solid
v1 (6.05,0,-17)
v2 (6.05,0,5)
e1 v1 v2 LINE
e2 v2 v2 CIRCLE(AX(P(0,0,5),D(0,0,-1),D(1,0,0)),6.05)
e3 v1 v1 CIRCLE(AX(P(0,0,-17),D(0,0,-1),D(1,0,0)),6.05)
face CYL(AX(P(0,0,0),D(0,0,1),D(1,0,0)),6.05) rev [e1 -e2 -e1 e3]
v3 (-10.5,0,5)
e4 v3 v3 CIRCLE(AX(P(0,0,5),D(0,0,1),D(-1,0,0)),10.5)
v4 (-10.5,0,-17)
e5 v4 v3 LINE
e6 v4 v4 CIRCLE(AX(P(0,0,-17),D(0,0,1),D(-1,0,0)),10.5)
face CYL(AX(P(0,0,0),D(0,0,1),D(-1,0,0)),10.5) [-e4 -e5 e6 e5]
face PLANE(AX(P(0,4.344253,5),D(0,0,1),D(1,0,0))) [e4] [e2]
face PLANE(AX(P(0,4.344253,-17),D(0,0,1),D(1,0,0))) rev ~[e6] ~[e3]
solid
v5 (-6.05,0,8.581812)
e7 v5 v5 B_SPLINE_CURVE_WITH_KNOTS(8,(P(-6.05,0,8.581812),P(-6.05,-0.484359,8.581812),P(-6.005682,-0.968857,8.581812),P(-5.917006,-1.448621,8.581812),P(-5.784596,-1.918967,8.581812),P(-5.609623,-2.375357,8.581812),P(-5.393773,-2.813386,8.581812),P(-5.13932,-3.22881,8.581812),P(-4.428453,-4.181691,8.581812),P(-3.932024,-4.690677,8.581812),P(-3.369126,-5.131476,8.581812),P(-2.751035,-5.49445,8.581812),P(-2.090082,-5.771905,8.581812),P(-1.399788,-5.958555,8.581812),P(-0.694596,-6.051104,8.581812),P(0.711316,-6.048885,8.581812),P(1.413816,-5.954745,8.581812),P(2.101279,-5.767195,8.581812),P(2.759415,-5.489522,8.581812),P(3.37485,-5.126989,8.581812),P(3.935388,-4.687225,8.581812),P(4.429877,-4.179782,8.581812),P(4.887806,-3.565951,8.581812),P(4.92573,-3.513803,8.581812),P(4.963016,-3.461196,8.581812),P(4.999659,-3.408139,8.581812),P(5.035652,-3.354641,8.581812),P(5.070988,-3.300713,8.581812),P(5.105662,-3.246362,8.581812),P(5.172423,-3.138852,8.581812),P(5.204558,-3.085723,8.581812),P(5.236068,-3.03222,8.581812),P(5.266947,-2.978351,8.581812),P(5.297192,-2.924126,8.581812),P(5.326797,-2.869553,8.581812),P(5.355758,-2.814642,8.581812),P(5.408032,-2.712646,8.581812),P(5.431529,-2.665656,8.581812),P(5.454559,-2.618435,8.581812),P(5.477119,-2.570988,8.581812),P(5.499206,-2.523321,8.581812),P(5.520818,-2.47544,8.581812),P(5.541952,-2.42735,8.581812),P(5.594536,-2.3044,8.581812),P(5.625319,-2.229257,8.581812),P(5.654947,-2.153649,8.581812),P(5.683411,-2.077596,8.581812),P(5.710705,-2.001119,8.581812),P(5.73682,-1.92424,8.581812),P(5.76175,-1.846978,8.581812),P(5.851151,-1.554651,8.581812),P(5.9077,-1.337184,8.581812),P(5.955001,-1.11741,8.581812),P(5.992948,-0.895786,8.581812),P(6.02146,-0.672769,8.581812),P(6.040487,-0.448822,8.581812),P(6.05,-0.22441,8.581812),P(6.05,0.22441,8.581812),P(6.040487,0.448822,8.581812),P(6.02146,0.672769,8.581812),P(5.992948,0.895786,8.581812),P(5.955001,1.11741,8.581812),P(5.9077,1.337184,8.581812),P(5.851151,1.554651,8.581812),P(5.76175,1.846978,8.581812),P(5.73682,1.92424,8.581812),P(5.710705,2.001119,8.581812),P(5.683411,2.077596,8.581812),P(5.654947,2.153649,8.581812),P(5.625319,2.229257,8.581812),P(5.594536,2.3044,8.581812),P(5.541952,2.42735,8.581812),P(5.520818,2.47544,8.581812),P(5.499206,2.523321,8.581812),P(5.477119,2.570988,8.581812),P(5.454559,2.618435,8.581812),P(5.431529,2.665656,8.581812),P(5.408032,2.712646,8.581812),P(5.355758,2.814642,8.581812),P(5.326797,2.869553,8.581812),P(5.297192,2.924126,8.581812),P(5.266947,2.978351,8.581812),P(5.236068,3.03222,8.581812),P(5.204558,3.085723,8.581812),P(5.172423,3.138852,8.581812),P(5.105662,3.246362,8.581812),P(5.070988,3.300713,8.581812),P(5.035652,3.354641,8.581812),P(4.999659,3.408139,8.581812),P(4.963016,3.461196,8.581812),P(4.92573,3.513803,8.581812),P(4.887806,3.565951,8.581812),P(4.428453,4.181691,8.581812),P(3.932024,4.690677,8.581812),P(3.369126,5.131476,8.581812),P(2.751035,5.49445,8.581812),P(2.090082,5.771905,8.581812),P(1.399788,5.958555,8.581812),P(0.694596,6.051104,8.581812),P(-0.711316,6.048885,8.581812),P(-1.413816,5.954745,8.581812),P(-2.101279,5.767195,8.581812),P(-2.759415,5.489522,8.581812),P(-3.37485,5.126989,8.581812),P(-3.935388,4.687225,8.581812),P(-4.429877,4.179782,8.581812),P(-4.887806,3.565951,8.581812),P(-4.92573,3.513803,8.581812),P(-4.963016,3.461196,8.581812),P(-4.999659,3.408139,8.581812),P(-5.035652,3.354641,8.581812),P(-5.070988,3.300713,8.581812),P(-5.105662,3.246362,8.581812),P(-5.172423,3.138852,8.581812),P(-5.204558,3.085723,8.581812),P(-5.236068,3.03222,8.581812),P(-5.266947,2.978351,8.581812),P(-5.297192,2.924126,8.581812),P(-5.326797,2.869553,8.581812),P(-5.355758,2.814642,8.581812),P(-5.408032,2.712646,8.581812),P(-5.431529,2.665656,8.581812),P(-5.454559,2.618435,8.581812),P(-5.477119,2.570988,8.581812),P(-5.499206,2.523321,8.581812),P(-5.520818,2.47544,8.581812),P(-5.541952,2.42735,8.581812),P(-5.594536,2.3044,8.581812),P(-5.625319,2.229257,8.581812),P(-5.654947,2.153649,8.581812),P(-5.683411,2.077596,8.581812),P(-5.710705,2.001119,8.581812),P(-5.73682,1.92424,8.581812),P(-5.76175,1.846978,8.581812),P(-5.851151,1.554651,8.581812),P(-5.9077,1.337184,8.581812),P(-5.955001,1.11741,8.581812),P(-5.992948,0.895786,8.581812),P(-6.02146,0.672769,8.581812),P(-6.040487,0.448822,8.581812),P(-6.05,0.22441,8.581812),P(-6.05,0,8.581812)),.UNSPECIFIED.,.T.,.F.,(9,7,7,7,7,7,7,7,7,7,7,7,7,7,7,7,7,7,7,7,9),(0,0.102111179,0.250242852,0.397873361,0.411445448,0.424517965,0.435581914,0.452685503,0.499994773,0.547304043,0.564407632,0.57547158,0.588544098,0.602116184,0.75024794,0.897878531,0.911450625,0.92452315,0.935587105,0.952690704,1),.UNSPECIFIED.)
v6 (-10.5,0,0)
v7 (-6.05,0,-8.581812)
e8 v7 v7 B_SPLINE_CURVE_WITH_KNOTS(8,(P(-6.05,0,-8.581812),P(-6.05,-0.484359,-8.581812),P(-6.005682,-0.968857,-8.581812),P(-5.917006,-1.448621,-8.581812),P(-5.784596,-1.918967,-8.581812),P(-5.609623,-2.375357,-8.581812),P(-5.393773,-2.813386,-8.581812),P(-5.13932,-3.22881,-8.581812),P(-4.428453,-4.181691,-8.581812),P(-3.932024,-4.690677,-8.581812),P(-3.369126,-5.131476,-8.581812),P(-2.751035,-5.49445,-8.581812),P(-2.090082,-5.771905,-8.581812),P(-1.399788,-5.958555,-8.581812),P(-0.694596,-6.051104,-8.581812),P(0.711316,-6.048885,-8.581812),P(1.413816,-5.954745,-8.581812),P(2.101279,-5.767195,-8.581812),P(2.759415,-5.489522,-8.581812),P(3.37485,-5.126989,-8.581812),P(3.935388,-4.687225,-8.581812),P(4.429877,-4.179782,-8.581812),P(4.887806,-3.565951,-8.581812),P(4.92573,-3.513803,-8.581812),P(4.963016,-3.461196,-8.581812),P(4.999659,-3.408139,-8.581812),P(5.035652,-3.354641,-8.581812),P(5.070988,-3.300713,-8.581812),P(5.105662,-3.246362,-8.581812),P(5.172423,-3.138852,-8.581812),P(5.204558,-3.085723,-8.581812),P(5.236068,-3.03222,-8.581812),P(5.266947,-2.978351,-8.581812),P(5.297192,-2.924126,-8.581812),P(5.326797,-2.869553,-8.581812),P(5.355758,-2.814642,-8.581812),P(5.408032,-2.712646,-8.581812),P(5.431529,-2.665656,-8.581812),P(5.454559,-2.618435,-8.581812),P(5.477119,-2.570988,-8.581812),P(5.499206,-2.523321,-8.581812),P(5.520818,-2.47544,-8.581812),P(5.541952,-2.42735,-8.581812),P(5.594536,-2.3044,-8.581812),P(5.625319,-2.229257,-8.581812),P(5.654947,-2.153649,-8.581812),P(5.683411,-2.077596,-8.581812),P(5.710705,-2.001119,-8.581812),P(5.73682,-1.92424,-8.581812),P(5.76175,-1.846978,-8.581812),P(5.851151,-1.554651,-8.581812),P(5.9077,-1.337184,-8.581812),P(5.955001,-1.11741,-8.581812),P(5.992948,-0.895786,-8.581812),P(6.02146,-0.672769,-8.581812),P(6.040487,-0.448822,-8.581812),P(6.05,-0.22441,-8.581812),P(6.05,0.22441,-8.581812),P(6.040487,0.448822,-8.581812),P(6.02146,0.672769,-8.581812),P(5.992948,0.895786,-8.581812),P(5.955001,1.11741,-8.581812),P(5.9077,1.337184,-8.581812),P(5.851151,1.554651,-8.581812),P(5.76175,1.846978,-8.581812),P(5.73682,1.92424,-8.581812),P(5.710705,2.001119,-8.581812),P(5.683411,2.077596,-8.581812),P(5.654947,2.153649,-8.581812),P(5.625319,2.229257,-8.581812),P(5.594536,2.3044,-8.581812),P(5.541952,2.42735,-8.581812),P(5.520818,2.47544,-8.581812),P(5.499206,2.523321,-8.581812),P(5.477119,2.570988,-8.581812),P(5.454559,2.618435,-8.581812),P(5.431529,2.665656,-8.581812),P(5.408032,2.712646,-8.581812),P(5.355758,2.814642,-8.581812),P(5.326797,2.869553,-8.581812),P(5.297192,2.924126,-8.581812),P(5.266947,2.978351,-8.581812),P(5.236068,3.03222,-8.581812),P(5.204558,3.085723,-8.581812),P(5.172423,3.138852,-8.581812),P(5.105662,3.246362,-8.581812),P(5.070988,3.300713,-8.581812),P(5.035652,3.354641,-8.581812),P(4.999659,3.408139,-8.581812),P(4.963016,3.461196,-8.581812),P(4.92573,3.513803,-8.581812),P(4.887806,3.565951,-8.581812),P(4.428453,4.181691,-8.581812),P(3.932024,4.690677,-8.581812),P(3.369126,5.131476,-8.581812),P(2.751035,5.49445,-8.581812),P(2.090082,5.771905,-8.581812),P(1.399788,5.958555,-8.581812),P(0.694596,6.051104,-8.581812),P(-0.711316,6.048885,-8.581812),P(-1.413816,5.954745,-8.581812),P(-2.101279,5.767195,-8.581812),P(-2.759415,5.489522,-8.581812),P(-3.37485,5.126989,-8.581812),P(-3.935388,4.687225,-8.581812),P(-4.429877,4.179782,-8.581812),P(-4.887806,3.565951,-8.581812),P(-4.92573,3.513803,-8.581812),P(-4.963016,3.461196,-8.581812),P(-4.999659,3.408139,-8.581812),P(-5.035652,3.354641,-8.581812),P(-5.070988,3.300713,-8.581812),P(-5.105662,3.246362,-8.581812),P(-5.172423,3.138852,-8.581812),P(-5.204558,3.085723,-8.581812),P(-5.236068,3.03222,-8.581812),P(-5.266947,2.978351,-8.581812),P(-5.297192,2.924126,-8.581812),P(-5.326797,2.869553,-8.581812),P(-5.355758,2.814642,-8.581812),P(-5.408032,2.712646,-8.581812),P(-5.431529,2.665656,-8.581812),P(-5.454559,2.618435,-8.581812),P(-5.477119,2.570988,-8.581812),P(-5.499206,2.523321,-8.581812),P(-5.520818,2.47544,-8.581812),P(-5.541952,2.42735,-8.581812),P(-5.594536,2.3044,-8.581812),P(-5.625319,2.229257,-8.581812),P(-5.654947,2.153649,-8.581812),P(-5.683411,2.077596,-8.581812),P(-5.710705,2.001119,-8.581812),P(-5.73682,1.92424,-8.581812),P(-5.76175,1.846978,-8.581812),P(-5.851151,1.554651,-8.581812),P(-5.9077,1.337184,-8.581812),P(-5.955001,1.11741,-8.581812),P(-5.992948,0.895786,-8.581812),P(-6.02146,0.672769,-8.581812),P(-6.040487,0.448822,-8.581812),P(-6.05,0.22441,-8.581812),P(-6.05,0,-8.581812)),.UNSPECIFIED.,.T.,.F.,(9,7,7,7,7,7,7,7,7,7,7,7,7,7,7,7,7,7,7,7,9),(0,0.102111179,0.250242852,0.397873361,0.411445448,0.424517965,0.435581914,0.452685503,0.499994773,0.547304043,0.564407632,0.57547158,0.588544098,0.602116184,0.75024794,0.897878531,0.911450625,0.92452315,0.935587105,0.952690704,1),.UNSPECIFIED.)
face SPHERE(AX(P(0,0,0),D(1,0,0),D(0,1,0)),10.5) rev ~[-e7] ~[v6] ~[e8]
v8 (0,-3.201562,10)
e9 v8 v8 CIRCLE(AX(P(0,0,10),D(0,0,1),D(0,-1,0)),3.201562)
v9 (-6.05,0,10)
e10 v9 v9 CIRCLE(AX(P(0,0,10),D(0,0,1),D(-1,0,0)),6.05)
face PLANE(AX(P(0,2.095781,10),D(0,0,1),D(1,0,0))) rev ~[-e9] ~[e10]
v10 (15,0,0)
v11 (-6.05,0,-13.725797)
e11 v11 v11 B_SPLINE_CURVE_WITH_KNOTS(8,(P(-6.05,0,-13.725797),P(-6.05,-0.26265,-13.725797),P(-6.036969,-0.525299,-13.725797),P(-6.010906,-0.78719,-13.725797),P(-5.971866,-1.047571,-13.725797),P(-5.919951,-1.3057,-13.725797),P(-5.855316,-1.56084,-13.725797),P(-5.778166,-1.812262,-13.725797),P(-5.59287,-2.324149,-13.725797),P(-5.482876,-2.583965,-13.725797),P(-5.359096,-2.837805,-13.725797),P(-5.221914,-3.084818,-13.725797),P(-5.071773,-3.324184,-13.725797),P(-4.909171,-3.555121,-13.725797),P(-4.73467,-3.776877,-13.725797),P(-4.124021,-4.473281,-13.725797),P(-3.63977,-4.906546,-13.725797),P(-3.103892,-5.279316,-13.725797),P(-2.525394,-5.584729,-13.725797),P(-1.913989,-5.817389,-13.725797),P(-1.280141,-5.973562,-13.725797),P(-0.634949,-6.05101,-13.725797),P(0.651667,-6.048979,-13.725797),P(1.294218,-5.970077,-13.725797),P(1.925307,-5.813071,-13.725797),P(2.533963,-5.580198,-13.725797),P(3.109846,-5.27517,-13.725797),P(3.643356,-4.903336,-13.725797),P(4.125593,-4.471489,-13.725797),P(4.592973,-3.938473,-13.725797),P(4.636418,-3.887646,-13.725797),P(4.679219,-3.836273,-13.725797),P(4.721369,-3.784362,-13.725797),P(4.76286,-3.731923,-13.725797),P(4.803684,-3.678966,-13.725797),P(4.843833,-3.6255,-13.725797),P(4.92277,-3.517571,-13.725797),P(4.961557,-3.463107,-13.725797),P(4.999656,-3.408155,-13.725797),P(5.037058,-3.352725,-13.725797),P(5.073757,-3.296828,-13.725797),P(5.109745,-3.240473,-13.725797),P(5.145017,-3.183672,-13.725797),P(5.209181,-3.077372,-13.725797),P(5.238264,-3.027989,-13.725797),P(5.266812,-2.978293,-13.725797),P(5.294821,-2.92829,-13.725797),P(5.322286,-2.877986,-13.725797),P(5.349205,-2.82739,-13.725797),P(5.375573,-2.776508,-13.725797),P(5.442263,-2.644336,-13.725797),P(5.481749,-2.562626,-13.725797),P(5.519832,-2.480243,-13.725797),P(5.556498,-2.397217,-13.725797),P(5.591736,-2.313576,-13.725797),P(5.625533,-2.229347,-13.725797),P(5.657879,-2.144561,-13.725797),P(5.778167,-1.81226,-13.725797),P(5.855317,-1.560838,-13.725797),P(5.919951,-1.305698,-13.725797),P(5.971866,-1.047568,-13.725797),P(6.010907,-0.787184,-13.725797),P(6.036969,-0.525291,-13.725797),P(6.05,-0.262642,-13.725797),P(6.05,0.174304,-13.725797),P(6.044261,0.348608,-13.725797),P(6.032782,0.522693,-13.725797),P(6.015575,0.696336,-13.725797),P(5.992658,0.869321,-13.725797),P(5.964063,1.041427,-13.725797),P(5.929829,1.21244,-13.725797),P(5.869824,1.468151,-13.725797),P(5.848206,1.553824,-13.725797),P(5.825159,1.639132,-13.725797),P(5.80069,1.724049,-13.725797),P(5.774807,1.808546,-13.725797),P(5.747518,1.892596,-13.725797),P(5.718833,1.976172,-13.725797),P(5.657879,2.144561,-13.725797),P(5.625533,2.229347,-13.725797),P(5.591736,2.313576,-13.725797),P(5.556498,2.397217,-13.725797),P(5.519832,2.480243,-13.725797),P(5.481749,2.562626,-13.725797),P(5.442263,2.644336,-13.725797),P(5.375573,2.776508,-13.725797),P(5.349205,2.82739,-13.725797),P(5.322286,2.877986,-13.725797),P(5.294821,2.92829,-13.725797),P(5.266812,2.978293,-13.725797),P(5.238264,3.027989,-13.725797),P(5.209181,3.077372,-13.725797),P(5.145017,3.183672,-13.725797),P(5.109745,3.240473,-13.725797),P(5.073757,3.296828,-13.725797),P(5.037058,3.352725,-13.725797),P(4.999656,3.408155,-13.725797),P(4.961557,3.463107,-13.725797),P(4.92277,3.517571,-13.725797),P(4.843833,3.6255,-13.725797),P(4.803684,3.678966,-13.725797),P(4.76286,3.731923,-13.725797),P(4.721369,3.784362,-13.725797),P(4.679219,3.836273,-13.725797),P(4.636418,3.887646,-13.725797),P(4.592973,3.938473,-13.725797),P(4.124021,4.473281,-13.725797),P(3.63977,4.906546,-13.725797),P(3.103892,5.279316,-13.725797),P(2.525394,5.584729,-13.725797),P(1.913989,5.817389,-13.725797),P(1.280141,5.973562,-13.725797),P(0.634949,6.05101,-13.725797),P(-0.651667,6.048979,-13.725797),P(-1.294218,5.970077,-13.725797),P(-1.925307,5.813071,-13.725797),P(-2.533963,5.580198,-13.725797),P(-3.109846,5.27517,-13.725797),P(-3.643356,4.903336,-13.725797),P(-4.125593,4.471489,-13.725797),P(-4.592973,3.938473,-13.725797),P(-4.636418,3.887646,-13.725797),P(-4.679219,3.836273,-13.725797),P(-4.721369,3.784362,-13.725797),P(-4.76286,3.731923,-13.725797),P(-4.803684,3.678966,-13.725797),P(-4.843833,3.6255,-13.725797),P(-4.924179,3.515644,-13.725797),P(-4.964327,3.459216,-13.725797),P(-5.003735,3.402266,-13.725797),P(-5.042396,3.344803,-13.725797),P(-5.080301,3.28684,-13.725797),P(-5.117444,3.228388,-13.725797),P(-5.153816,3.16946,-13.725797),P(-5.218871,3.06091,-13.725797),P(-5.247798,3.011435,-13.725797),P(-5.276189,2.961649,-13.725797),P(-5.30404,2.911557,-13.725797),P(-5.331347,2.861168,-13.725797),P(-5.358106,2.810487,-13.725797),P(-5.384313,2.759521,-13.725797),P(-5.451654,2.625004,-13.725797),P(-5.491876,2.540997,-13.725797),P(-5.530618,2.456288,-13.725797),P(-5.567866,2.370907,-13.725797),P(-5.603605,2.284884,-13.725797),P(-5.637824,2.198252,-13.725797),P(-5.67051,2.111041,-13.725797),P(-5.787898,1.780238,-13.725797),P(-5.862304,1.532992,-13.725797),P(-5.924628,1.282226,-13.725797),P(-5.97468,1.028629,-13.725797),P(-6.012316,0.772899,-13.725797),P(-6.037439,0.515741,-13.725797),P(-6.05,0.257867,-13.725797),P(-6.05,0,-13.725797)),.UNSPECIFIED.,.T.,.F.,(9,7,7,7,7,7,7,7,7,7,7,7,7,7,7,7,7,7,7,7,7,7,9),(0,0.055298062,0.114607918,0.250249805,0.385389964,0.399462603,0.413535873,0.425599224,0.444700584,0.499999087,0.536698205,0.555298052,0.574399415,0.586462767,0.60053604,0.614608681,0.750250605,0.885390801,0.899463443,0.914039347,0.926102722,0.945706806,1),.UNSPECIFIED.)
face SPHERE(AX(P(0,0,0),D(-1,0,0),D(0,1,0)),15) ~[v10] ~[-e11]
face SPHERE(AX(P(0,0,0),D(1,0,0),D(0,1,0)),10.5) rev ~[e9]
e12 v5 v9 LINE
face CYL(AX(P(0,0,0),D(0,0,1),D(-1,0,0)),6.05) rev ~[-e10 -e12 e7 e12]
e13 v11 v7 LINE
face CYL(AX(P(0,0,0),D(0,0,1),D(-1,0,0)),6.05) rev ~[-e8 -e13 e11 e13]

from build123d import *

# Parameters (mm, degrees)
F1_DEPTH      = 5
F1_DEPTH_BACK = 17
F2_DEPTH      = 10
F2_DEPTH_BACK = 25


with BuildPart() as f1:
    # F0 (on Top) → F1 (new body, two sides)
    with BuildSketch(Plane.XY) as f1_sk:
        with BuildLine():
            Line((6.05, 0), (10.5, 0))
            ThreePointArc((10.5, 0), (0, 10.5), (-10.5, 0))
            Line((-10.5, 0), (-6.05, 0))
            ThreePointArc((-6.05, 0), (0, 6.05), (6.05, 0))
        make_face()
        with BuildLine():
            ThreePointArc((-10.5, 0), (0, -10.5), (10.5, 0))
            Line((10.5, 0), (6.05, 0))
            ThreePointArc((6.05, 0), (0, -6.05), (-6.05, 0))
            Line((-6.05, 0), (-10.5, 0))
        make_face()
    extrude(amount=F1_DEPTH)
    extrude(f1_sk.sketch, amount=-F1_DEPTH_BACK)


with BuildPart() as f2:
    # F0 (on Top) → F2 (new body, two sides)
    with BuildSketch(Plane.XY) as f2_sk:
        with BuildLine():
            Line((-6.05, 0), (6.05, 0))
            ThreePointArc((6.05, 0), (0, 6.05), (-6.05, 0))
        make_face()
        with BuildLine():
            ThreePointArc((-6.05, 0), (0, -6.05), (6.05, 0))
            Line((6.05, 0), (-6.05, 0))
        make_face()
    extrude(amount=F2_DEPTH)
    extrude(f2_sk.sketch, amount=-F2_DEPTH_BACK)


with BuildPart() as f3:
    # F0 (on Top) → F3 (revolve)
    with BuildSketch(Plane.XY):
        with BuildLine():
            Line((10.5, 0), (15, 0))
            ThreePointArc((15, 0), (0, 15), (-15, 0))
            Line((-15, 0), (-10.5, 0))
            ThreePointArc((-10.5, 0), (0, 10.5), (10.5, 0))
        make_face()
    revolve(axis=Axis((0, 0, 0), (1, 0, 0)))

    # F4: cut F2
    add(f2.part, mode=Mode.SUBTRACT)


with BuildPart() as f1_1:
    add(f1.part)

    # F4: cut F2
    add(f2.part, mode=Mode.SUBTRACT)


solid = Compound([f3.part, f1_1.part])
